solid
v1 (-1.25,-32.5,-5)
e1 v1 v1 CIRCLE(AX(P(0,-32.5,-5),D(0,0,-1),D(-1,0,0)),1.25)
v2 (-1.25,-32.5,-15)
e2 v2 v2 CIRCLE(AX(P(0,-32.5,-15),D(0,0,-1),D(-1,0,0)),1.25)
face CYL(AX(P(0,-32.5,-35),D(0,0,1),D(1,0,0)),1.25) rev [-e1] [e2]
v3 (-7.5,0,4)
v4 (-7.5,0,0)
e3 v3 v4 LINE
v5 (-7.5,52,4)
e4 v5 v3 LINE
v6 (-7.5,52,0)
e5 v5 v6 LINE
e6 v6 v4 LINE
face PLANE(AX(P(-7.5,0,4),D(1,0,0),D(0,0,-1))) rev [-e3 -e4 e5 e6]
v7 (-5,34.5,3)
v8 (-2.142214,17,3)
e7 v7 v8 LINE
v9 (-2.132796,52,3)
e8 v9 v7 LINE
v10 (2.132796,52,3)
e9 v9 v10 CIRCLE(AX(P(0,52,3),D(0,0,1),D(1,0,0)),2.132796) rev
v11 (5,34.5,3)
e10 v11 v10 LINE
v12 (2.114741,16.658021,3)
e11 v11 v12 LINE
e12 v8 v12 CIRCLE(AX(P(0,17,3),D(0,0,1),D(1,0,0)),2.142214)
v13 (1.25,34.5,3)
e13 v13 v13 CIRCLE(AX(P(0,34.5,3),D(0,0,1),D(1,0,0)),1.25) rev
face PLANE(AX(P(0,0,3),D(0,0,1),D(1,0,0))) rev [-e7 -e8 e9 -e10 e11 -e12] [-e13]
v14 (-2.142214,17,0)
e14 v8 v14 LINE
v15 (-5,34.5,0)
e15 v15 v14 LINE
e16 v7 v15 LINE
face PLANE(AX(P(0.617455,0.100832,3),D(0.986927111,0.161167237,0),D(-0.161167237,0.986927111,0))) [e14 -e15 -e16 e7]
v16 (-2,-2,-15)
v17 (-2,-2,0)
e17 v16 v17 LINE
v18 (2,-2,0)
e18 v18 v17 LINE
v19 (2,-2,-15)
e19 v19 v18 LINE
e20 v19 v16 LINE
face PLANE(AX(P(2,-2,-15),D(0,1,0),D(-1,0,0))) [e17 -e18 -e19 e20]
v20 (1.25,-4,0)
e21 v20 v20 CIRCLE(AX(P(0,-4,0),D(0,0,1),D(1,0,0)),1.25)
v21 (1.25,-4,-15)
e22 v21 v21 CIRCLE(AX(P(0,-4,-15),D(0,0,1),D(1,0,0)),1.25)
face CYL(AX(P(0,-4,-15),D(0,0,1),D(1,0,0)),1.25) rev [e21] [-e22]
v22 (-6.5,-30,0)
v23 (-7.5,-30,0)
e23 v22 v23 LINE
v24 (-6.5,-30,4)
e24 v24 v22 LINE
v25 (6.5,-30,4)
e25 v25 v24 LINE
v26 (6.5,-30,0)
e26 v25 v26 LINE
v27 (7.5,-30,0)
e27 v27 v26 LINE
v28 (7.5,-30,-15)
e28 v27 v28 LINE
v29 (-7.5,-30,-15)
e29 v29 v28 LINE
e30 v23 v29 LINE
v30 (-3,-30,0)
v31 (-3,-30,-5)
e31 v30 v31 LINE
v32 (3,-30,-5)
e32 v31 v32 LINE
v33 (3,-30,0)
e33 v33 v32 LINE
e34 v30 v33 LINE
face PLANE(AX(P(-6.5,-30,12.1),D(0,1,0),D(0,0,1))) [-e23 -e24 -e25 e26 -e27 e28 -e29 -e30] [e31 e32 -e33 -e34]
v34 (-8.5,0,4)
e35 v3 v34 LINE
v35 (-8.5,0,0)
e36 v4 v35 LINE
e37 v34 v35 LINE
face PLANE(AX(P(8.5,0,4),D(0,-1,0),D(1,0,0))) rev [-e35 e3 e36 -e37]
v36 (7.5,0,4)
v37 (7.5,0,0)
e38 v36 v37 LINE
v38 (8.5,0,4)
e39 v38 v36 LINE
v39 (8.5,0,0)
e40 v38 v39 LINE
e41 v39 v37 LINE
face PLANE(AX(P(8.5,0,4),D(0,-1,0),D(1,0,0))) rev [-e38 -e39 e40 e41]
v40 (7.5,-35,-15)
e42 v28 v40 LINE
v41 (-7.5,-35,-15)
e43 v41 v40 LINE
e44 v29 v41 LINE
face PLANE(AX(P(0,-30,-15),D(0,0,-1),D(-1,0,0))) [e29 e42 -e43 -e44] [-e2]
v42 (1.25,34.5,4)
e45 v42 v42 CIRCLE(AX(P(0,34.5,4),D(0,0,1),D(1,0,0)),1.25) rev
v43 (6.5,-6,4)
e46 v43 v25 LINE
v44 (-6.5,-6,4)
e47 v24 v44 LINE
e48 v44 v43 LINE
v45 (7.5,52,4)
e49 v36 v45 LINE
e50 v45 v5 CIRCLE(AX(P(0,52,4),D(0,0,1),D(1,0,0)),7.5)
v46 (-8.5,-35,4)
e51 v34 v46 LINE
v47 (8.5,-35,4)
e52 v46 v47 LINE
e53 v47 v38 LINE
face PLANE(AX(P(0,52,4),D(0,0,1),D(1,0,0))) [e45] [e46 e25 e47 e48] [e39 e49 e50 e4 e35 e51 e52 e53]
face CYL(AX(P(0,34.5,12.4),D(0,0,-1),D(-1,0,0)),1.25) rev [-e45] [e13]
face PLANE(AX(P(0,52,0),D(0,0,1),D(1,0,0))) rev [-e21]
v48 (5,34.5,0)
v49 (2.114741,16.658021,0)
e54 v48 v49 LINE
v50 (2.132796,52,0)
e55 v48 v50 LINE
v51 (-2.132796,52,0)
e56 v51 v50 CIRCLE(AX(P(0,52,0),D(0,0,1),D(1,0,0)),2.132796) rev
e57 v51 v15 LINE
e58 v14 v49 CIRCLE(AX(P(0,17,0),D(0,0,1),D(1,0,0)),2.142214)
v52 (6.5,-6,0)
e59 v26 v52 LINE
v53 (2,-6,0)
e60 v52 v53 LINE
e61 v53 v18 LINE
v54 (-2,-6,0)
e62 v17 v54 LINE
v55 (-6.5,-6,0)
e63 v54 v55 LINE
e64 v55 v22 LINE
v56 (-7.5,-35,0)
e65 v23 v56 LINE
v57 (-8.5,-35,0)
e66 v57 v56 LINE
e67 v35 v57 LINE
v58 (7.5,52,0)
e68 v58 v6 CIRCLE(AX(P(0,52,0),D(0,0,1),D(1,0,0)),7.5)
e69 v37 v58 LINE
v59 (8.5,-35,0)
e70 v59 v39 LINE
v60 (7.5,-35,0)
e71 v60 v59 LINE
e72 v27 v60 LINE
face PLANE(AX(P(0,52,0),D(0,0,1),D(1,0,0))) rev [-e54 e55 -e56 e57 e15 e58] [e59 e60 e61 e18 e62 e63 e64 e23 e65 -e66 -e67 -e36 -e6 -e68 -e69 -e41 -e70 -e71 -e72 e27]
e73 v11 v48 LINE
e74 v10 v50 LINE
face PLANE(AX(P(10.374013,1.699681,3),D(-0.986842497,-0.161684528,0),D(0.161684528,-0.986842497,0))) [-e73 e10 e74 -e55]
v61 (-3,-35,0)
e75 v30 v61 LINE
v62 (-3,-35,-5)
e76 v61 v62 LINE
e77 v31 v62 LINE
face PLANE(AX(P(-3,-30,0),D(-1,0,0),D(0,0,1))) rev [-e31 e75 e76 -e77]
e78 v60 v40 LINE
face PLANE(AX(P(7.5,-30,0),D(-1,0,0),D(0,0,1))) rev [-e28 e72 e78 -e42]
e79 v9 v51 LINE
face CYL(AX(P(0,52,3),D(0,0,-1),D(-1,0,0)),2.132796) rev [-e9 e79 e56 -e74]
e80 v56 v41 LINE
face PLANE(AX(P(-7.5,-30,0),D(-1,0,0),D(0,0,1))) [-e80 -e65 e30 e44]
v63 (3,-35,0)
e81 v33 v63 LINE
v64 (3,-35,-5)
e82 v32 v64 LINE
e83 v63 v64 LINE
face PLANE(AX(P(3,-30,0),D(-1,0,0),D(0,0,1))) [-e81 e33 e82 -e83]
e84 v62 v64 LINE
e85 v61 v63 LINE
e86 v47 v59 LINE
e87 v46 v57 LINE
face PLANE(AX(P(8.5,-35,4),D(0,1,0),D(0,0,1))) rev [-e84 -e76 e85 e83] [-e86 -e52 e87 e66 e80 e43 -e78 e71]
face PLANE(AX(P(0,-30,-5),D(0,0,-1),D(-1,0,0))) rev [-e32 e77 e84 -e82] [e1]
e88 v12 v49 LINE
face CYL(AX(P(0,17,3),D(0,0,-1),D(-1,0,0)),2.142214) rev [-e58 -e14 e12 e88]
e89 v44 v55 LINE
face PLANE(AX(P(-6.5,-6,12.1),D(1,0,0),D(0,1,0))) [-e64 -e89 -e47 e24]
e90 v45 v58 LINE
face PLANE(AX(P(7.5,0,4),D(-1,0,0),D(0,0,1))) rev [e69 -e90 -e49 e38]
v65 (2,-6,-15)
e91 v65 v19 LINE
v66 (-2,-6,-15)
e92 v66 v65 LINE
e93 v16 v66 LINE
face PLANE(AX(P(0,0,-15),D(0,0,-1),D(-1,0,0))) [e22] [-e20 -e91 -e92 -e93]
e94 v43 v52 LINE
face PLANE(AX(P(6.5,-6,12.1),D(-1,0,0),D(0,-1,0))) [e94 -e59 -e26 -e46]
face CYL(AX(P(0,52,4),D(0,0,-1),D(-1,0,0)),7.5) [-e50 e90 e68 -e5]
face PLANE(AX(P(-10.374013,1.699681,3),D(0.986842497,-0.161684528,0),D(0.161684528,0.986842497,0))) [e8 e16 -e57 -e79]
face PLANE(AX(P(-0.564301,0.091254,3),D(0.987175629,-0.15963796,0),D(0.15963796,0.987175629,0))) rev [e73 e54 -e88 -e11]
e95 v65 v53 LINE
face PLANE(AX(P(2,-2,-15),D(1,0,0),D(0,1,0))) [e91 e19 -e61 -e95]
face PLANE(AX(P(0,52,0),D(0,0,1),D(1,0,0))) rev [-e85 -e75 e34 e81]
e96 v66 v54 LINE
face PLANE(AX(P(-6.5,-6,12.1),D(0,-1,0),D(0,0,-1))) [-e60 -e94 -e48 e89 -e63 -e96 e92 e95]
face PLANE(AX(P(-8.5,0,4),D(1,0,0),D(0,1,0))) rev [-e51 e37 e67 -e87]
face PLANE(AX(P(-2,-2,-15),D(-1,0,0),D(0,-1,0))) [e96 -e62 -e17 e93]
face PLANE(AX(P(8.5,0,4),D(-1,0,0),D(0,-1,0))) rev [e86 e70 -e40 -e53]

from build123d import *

# Parameters (mm, degrees)
EXTRUDE_1_DEPTH     = 4
CUT_EXTRUDE_1_DEPTH = 3
SKETCH_5_R          = 1.25
CUT_EXTRUDE_2_DEPTH = 12.4
SKETCH_6_W          = 17
SKETCH_6_H          = 35
EXTRUDE_2_DEPTH     = 4
SKETCH_7_W          = 13
SKETCH_7_H          = 24
CUT_EXTRUDE_3_DEPTH = 12.1
SKETCH_8_W          = 4
SKETCH_8_H          = 4
SKETCH_8_R          = 1.25
EXTRUDE_3_DEPTH     = 15
EXTRUDE_4_DEPTH     = 5
SKETCH_10_R         = 1.25
CUT_EXTRUDE_4_DEPTH = 35


with BuildPart() as part:
    # 草圖1 → 填料-伸長1 (new body)
    with BuildSketch(Plane.XY):
        with BuildLine():
            Line((7.5, 0), (7.5, 52))
            ThreePointArc((7.5, 52), (0, 59.5), (-7.5, 52))
            Line((-7.5, 52), (-7.5, 0))
            Line((-7.5, 0), (7.5, 0))
        make_face()
    extrude(amount=EXTRUDE_1_DEPTH)

    # 草圖3 → 除料-伸長1 (cut)
    with BuildSketch(Plane.XY):
        with BuildLine():
            ThreePointArc((-2.132795501, 52), (0, 54.132795501), (2.132795501, 52))
            Line((2.132795501, 52), (5, 34.5))
            Line((5, 34.5), (2.114741289, 16.658021353))
            ThreePointArc((2.114741289, 16.658021353), (-0.171540182, 14.864665347), (-2.142213835, 17))
            Line((-2.142213835, 17), (-5, 34.5))
            Line((-5, 34.5), (-2.132795501, 52))
        make_face()
    extrude(amount=CUT_EXTRUDE_1_DEPTH, mode=Mode.SUBTRACT)

    # 草圖5 → 除料-伸長2 (cut)
    with BuildSketch(Plane.XY):
        with Locations((0, 34.5)):
            Circle(SKETCH_5_R)
    extrude(amount=CUT_EXTRUDE_2_DEPTH, mode=Mode.SUBTRACT)

    # 草圖6 → 填料-伸長2 (add)
    with BuildSketch(Plane.XY):
        with Locations((0, -17.5)):
            Rectangle(SKETCH_6_W, SKETCH_6_H)
    extrude(amount=EXTRUDE_2_DEPTH)

    # 草圖7 → 除料-伸長3 (cut)
    with BuildSketch(Plane.XY):
        with Locations((0, -18)):
            Rectangle(SKETCH_7_W, SKETCH_7_H)
    extrude(amount=CUT_EXTRUDE_3_DEPTH, mode=Mode.SUBTRACT)

    # 草圖8 → 填料-伸長3 (add)
    with BuildSketch(Plane.XY):
        with Locations((0, -4)):
            Rectangle(SKETCH_8_W, SKETCH_8_H)
        with Locations((0, -4)):
            Circle(SKETCH_8_R, mode=Mode.SUBTRACT)
    extrude(amount=-EXTRUDE_3_DEPTH)

    # 草圖9 → 填料-伸長4 (add)
    with BuildSketch(Plane(origin=(0, -35, 0), x_dir=(1, 0, 0), z_dir=(0, 1, 0))):
        Polygon((-7.5, 0), (-3, 0), (-3, 5), (3, 5), (3, 0), (7.5, 0), (7.5, 15), (-7.5, 15), align=None)
    extrude(amount=EXTRUDE_4_DEPTH)

    # 草圖10 → 除料-伸長4 (cut)
    with BuildSketch(Plane.XY):
        with Locations((0, -32.5)):
            Circle(SKETCH_10_R)
    extrude(amount=-CUT_EXTRUDE_4_DEPTH, mode=Mode.SUBTRACT)


solid = part.part
